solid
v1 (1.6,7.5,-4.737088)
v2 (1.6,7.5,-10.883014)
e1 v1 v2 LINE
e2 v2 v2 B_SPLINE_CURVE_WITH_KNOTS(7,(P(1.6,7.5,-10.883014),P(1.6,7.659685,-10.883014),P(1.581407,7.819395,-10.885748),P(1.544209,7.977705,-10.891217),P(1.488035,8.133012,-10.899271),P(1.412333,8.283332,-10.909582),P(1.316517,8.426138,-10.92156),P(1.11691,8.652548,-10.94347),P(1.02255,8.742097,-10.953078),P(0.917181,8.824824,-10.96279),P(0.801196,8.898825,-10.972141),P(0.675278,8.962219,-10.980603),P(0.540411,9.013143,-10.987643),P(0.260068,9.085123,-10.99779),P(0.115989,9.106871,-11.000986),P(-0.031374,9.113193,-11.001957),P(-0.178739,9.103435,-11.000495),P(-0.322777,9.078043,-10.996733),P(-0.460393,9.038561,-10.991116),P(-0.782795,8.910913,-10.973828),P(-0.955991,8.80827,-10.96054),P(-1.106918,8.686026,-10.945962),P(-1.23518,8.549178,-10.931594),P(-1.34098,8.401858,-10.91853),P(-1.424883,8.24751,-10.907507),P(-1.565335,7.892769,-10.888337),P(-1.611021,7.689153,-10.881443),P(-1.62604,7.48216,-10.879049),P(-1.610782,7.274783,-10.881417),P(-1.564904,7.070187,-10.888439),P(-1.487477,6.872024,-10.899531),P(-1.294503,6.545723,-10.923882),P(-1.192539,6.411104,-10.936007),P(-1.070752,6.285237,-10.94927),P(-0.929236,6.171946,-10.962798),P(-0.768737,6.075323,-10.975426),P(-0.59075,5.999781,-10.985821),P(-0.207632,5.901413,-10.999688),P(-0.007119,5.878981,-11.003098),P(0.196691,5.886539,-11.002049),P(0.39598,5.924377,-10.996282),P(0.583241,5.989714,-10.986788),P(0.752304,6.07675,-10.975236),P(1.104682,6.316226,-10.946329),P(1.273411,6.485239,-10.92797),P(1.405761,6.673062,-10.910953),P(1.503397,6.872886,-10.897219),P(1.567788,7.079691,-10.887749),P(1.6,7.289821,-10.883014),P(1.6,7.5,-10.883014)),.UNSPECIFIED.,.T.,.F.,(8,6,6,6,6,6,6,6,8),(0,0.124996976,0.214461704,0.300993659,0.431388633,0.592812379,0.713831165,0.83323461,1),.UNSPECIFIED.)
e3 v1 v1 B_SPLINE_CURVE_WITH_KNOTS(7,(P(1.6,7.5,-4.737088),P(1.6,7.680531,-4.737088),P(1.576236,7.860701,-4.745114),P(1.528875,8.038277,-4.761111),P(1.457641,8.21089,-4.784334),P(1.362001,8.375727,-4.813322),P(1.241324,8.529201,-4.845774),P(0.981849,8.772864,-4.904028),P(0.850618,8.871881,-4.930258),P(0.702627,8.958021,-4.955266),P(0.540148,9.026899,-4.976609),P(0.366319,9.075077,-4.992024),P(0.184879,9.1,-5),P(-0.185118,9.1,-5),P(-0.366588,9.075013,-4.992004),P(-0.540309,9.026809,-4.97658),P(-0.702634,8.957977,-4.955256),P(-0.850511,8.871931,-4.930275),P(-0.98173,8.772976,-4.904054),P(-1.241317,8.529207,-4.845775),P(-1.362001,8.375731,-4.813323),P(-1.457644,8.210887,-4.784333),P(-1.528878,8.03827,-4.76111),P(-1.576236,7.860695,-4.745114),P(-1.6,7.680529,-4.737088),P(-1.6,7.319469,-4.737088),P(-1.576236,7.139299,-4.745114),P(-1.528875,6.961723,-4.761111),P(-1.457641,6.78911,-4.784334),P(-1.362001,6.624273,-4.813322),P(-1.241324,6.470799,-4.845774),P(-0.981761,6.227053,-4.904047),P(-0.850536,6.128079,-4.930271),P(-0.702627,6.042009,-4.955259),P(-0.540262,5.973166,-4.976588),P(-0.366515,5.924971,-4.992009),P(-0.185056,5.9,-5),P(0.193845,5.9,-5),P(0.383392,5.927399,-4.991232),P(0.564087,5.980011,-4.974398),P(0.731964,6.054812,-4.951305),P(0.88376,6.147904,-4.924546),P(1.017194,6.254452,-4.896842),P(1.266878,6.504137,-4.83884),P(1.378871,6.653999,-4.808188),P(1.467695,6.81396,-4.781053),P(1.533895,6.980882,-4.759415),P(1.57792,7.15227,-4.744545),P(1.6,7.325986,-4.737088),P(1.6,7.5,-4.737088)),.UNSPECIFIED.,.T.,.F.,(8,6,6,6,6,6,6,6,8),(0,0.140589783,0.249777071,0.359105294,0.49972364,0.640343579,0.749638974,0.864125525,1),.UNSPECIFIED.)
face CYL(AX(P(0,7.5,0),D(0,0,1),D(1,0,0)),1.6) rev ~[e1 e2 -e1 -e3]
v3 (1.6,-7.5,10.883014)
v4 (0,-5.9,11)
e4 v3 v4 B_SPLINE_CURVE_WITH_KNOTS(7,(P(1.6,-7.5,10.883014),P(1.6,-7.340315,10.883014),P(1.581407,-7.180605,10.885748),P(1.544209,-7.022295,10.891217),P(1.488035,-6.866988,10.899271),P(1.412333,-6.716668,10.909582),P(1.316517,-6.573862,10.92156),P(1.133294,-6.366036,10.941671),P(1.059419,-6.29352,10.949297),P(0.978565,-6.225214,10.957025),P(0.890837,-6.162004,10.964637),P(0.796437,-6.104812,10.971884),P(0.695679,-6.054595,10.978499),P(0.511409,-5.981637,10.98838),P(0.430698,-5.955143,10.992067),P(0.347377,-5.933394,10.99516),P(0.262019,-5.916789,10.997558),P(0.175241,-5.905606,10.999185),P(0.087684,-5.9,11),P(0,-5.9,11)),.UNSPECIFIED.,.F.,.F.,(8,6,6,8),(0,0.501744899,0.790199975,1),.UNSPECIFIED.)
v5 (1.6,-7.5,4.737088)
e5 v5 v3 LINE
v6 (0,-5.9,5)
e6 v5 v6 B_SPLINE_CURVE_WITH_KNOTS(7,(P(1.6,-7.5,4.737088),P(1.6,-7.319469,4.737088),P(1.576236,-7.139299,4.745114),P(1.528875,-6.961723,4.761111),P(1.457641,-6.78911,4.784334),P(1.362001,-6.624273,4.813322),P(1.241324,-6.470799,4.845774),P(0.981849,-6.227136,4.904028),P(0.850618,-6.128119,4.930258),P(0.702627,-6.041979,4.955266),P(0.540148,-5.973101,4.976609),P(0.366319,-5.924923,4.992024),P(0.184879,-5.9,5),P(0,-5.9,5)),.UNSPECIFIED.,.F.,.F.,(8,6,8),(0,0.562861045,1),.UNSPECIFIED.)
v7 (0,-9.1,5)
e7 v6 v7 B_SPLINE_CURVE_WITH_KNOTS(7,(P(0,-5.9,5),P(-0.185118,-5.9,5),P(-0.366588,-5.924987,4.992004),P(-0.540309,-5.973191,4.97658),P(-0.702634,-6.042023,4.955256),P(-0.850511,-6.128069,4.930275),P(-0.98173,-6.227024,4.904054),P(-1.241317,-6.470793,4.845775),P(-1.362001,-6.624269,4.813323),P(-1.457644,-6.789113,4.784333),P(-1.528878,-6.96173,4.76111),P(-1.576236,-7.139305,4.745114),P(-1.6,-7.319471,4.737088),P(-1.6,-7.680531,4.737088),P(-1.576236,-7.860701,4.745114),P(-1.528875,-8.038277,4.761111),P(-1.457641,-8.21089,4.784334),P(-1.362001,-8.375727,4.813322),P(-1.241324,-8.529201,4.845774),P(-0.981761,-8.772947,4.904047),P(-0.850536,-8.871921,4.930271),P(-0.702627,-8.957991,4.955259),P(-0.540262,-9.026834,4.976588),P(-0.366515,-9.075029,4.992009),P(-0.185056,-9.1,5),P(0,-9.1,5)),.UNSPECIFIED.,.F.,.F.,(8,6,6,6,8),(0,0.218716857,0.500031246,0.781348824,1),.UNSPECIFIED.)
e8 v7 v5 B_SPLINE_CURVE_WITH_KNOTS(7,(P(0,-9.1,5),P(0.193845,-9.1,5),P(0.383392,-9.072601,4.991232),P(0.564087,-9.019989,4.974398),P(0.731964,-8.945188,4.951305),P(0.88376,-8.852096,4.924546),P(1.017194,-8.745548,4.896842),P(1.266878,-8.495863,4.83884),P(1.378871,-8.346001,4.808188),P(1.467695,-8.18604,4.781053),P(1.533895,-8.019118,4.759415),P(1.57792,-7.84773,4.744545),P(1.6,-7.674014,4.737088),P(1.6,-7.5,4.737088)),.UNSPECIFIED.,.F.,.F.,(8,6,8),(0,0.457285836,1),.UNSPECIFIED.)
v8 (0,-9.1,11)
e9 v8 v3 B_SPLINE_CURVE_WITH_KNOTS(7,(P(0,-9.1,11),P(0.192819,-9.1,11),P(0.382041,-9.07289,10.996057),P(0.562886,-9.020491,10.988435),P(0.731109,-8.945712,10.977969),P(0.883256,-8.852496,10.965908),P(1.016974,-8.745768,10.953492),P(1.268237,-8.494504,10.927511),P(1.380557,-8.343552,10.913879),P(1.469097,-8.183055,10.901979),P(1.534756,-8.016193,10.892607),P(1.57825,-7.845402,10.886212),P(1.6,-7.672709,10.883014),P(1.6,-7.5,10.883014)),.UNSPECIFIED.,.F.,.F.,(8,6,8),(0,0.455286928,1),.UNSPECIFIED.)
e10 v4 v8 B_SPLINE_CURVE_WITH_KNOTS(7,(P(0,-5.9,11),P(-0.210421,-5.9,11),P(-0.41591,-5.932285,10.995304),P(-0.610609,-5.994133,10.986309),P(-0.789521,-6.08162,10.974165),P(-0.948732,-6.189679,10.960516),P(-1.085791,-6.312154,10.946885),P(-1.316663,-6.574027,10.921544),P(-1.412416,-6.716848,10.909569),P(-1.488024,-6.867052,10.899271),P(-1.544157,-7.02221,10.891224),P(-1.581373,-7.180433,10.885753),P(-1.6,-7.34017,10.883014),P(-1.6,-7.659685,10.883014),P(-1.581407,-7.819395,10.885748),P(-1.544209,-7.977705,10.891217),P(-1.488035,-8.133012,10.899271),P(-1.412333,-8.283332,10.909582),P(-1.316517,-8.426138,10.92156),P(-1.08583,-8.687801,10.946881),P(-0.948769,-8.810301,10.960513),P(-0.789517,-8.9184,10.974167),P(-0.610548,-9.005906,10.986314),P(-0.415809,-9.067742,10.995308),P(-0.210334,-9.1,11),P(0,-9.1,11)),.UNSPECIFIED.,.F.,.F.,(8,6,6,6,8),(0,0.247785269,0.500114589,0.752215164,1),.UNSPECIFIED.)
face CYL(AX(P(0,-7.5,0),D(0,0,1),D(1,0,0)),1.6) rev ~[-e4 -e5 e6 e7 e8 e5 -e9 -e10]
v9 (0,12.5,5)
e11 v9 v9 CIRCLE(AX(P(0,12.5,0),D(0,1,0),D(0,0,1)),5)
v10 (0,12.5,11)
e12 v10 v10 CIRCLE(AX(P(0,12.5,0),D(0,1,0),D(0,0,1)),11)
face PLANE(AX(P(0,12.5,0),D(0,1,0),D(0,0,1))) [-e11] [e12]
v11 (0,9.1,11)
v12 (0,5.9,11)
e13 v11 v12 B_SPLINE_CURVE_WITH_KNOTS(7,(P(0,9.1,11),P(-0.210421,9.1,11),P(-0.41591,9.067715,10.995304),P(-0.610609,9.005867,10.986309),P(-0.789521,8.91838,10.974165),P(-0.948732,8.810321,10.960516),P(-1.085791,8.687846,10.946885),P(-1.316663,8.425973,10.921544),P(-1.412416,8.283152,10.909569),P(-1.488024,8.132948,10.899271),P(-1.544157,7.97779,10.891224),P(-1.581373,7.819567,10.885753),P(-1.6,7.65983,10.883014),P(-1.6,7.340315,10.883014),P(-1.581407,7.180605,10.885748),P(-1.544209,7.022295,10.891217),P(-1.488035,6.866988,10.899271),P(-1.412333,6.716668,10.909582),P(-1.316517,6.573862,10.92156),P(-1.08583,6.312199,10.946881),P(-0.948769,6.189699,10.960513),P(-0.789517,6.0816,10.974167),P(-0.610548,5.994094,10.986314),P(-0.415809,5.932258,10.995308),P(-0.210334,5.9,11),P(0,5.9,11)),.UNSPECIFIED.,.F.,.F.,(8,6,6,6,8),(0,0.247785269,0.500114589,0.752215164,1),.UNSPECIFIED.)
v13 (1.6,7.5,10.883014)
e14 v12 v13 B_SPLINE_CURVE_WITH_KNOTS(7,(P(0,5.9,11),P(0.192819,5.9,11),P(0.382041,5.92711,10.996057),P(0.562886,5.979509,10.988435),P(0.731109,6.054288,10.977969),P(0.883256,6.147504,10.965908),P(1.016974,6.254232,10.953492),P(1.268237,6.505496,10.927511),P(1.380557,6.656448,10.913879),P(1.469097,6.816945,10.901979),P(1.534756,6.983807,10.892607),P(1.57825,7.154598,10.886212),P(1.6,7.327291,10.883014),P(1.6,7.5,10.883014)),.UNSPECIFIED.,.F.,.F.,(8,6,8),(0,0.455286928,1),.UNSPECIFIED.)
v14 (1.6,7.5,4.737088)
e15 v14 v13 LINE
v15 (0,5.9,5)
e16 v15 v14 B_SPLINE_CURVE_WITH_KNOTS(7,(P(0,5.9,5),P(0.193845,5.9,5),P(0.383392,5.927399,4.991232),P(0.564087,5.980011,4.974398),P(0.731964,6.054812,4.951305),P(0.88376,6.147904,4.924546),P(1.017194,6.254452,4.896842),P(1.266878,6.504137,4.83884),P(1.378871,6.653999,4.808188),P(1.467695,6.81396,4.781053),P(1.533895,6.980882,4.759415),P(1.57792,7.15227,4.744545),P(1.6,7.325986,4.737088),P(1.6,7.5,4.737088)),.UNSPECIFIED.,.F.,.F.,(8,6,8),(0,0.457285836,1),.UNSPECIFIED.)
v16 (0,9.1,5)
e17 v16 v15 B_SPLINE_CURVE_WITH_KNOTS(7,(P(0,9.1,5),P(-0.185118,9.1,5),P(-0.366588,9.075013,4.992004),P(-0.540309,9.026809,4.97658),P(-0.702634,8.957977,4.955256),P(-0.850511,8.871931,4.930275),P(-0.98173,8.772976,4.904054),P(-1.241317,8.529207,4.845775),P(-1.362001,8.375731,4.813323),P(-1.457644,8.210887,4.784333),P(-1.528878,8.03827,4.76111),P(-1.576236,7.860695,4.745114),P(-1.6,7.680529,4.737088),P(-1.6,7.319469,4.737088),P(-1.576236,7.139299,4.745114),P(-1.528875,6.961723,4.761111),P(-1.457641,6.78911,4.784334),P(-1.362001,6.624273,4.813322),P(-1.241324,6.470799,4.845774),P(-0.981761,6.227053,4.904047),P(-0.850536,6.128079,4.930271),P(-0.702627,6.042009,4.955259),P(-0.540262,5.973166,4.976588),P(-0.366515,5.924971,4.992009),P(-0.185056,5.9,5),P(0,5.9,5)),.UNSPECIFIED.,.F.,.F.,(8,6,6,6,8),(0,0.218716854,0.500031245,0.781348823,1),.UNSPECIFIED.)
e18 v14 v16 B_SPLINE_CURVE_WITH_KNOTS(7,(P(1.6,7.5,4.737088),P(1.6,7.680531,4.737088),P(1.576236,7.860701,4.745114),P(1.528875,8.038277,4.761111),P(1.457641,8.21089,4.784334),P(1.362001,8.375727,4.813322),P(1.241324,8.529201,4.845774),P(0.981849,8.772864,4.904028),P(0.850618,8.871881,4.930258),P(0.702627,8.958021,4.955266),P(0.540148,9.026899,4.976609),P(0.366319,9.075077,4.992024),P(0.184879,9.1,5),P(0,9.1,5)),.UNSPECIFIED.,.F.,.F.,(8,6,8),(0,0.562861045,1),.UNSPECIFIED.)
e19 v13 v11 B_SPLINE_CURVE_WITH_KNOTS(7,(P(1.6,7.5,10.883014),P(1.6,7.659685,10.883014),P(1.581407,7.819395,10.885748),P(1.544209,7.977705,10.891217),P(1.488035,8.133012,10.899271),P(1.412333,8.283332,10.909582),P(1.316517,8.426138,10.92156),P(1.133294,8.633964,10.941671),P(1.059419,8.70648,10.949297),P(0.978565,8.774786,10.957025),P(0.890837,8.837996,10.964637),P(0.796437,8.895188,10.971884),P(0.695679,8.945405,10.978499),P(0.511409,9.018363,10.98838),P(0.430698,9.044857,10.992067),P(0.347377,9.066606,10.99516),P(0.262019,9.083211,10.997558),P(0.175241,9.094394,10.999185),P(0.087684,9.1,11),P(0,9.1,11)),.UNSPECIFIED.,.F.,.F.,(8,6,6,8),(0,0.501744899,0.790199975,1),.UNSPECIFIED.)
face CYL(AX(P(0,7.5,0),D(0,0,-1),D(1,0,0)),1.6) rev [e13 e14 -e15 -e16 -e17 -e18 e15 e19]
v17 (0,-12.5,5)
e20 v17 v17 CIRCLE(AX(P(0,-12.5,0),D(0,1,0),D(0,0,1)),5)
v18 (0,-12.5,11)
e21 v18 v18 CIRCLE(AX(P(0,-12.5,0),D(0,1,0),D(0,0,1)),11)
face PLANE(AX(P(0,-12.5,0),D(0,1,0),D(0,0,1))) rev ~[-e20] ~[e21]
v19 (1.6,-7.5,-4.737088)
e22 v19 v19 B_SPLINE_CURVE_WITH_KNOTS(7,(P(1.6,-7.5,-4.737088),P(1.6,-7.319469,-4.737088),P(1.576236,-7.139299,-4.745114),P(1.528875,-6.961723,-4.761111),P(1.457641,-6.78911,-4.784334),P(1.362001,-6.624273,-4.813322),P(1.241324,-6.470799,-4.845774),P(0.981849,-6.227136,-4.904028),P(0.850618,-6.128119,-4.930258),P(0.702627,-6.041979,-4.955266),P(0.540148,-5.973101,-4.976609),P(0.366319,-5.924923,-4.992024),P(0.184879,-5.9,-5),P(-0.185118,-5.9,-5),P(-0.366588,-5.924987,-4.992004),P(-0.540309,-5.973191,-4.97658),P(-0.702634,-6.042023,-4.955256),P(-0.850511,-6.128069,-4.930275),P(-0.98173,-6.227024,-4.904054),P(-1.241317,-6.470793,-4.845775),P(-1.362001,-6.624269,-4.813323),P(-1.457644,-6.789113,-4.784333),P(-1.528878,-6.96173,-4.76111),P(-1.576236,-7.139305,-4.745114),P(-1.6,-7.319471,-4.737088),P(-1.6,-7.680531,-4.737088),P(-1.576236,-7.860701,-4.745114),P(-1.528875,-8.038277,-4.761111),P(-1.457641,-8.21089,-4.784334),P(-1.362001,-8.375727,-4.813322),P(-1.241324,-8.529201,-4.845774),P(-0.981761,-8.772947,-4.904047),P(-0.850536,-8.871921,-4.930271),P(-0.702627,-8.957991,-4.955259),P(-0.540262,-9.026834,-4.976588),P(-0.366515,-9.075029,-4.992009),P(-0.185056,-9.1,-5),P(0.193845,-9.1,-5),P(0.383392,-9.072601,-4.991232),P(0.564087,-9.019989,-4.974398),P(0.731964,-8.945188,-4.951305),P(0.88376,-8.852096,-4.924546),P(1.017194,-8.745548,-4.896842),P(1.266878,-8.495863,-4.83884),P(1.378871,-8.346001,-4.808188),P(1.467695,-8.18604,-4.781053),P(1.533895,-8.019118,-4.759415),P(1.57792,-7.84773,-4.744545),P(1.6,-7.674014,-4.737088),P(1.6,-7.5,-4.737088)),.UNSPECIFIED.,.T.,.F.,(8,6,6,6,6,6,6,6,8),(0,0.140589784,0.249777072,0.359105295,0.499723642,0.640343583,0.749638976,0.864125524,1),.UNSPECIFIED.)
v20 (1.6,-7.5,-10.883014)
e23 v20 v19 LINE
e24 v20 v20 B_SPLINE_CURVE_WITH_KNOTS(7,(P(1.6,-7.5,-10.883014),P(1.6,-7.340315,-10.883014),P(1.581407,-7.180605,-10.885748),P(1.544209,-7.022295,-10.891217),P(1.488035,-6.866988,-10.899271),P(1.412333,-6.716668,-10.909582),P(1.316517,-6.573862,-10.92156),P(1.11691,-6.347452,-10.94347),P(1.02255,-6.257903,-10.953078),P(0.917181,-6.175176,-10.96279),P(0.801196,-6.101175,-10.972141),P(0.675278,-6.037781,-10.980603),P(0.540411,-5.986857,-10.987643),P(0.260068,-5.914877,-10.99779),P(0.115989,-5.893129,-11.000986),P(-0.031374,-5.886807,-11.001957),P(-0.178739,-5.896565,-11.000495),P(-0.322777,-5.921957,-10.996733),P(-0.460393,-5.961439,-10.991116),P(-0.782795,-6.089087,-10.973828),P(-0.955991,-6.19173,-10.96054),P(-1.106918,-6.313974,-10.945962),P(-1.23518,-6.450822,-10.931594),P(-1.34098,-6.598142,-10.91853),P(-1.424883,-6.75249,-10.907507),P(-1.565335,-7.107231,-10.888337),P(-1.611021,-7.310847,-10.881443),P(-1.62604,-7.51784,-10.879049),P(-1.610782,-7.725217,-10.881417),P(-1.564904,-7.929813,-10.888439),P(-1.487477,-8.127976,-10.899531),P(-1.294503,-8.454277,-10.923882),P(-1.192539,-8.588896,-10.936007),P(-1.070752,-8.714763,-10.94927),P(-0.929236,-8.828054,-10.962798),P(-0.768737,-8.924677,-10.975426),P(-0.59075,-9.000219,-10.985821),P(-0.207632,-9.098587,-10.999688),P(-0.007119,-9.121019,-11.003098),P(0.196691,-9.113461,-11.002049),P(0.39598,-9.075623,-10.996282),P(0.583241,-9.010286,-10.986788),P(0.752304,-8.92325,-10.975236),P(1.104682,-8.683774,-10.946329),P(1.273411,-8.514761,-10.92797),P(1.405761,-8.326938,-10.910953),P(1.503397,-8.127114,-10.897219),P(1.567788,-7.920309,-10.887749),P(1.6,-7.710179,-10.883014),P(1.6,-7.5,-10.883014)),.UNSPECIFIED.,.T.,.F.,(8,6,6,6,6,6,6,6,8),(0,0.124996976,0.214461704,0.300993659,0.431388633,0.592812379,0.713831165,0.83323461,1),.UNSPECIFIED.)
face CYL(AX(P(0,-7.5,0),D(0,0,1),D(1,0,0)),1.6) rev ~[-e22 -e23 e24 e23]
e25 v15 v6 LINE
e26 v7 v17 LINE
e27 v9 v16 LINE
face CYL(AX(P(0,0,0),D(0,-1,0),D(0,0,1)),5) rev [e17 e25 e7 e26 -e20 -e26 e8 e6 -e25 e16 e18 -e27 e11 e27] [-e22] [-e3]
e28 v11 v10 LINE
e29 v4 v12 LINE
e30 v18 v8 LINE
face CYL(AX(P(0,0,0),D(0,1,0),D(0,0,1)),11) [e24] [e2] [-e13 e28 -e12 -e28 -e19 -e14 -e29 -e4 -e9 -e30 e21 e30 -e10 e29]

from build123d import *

# Parameters (mm, degrees)
SKETCH_1_R          = 11
SKETCH_1_R_2        = 5
EXTRUDE_1_DEPTH     = 12.5
SKETCH_2_R          = 1.6
CUT_EXTRUDE_1_DEPTH = 12.5


with BuildPart() as part:
    # ｽｹｯﾁ1 → ﾎﾞｽ - 押し出し1 (new, symmetric)
    with BuildSketch(Plane(origin=(0, 0, 0), x_dir=(1, 0, 0), z_dir=(0, 1, 0))):
        with Locations(Location((0, 0, 0), (0, 0, 270))):
            Circle(SKETCH_1_R)
        with Locations(Location((0, 0, 0), (0, 0, 270))):
            Circle(SKETCH_1_R_2, mode=Mode.SUBTRACT)
    extrude(amount=EXTRUDE_1_DEPTH, both=True)

    # ｽｹｯﾁ2 → ｶｯﾄ - 押し出し1 (cut, symmetric)
    with BuildSketch(Plane.XY):
        with Locations((0, 7.5)):
            Circle(SKETCH_2_R)
        with Locations((0, -7.5)):
            Circle(SKETCH_2_R)
    extrude(amount=CUT_EXTRUDE_1_DEPTH, both=True, mode=Mode.SUBTRACT)


solid = part.part
